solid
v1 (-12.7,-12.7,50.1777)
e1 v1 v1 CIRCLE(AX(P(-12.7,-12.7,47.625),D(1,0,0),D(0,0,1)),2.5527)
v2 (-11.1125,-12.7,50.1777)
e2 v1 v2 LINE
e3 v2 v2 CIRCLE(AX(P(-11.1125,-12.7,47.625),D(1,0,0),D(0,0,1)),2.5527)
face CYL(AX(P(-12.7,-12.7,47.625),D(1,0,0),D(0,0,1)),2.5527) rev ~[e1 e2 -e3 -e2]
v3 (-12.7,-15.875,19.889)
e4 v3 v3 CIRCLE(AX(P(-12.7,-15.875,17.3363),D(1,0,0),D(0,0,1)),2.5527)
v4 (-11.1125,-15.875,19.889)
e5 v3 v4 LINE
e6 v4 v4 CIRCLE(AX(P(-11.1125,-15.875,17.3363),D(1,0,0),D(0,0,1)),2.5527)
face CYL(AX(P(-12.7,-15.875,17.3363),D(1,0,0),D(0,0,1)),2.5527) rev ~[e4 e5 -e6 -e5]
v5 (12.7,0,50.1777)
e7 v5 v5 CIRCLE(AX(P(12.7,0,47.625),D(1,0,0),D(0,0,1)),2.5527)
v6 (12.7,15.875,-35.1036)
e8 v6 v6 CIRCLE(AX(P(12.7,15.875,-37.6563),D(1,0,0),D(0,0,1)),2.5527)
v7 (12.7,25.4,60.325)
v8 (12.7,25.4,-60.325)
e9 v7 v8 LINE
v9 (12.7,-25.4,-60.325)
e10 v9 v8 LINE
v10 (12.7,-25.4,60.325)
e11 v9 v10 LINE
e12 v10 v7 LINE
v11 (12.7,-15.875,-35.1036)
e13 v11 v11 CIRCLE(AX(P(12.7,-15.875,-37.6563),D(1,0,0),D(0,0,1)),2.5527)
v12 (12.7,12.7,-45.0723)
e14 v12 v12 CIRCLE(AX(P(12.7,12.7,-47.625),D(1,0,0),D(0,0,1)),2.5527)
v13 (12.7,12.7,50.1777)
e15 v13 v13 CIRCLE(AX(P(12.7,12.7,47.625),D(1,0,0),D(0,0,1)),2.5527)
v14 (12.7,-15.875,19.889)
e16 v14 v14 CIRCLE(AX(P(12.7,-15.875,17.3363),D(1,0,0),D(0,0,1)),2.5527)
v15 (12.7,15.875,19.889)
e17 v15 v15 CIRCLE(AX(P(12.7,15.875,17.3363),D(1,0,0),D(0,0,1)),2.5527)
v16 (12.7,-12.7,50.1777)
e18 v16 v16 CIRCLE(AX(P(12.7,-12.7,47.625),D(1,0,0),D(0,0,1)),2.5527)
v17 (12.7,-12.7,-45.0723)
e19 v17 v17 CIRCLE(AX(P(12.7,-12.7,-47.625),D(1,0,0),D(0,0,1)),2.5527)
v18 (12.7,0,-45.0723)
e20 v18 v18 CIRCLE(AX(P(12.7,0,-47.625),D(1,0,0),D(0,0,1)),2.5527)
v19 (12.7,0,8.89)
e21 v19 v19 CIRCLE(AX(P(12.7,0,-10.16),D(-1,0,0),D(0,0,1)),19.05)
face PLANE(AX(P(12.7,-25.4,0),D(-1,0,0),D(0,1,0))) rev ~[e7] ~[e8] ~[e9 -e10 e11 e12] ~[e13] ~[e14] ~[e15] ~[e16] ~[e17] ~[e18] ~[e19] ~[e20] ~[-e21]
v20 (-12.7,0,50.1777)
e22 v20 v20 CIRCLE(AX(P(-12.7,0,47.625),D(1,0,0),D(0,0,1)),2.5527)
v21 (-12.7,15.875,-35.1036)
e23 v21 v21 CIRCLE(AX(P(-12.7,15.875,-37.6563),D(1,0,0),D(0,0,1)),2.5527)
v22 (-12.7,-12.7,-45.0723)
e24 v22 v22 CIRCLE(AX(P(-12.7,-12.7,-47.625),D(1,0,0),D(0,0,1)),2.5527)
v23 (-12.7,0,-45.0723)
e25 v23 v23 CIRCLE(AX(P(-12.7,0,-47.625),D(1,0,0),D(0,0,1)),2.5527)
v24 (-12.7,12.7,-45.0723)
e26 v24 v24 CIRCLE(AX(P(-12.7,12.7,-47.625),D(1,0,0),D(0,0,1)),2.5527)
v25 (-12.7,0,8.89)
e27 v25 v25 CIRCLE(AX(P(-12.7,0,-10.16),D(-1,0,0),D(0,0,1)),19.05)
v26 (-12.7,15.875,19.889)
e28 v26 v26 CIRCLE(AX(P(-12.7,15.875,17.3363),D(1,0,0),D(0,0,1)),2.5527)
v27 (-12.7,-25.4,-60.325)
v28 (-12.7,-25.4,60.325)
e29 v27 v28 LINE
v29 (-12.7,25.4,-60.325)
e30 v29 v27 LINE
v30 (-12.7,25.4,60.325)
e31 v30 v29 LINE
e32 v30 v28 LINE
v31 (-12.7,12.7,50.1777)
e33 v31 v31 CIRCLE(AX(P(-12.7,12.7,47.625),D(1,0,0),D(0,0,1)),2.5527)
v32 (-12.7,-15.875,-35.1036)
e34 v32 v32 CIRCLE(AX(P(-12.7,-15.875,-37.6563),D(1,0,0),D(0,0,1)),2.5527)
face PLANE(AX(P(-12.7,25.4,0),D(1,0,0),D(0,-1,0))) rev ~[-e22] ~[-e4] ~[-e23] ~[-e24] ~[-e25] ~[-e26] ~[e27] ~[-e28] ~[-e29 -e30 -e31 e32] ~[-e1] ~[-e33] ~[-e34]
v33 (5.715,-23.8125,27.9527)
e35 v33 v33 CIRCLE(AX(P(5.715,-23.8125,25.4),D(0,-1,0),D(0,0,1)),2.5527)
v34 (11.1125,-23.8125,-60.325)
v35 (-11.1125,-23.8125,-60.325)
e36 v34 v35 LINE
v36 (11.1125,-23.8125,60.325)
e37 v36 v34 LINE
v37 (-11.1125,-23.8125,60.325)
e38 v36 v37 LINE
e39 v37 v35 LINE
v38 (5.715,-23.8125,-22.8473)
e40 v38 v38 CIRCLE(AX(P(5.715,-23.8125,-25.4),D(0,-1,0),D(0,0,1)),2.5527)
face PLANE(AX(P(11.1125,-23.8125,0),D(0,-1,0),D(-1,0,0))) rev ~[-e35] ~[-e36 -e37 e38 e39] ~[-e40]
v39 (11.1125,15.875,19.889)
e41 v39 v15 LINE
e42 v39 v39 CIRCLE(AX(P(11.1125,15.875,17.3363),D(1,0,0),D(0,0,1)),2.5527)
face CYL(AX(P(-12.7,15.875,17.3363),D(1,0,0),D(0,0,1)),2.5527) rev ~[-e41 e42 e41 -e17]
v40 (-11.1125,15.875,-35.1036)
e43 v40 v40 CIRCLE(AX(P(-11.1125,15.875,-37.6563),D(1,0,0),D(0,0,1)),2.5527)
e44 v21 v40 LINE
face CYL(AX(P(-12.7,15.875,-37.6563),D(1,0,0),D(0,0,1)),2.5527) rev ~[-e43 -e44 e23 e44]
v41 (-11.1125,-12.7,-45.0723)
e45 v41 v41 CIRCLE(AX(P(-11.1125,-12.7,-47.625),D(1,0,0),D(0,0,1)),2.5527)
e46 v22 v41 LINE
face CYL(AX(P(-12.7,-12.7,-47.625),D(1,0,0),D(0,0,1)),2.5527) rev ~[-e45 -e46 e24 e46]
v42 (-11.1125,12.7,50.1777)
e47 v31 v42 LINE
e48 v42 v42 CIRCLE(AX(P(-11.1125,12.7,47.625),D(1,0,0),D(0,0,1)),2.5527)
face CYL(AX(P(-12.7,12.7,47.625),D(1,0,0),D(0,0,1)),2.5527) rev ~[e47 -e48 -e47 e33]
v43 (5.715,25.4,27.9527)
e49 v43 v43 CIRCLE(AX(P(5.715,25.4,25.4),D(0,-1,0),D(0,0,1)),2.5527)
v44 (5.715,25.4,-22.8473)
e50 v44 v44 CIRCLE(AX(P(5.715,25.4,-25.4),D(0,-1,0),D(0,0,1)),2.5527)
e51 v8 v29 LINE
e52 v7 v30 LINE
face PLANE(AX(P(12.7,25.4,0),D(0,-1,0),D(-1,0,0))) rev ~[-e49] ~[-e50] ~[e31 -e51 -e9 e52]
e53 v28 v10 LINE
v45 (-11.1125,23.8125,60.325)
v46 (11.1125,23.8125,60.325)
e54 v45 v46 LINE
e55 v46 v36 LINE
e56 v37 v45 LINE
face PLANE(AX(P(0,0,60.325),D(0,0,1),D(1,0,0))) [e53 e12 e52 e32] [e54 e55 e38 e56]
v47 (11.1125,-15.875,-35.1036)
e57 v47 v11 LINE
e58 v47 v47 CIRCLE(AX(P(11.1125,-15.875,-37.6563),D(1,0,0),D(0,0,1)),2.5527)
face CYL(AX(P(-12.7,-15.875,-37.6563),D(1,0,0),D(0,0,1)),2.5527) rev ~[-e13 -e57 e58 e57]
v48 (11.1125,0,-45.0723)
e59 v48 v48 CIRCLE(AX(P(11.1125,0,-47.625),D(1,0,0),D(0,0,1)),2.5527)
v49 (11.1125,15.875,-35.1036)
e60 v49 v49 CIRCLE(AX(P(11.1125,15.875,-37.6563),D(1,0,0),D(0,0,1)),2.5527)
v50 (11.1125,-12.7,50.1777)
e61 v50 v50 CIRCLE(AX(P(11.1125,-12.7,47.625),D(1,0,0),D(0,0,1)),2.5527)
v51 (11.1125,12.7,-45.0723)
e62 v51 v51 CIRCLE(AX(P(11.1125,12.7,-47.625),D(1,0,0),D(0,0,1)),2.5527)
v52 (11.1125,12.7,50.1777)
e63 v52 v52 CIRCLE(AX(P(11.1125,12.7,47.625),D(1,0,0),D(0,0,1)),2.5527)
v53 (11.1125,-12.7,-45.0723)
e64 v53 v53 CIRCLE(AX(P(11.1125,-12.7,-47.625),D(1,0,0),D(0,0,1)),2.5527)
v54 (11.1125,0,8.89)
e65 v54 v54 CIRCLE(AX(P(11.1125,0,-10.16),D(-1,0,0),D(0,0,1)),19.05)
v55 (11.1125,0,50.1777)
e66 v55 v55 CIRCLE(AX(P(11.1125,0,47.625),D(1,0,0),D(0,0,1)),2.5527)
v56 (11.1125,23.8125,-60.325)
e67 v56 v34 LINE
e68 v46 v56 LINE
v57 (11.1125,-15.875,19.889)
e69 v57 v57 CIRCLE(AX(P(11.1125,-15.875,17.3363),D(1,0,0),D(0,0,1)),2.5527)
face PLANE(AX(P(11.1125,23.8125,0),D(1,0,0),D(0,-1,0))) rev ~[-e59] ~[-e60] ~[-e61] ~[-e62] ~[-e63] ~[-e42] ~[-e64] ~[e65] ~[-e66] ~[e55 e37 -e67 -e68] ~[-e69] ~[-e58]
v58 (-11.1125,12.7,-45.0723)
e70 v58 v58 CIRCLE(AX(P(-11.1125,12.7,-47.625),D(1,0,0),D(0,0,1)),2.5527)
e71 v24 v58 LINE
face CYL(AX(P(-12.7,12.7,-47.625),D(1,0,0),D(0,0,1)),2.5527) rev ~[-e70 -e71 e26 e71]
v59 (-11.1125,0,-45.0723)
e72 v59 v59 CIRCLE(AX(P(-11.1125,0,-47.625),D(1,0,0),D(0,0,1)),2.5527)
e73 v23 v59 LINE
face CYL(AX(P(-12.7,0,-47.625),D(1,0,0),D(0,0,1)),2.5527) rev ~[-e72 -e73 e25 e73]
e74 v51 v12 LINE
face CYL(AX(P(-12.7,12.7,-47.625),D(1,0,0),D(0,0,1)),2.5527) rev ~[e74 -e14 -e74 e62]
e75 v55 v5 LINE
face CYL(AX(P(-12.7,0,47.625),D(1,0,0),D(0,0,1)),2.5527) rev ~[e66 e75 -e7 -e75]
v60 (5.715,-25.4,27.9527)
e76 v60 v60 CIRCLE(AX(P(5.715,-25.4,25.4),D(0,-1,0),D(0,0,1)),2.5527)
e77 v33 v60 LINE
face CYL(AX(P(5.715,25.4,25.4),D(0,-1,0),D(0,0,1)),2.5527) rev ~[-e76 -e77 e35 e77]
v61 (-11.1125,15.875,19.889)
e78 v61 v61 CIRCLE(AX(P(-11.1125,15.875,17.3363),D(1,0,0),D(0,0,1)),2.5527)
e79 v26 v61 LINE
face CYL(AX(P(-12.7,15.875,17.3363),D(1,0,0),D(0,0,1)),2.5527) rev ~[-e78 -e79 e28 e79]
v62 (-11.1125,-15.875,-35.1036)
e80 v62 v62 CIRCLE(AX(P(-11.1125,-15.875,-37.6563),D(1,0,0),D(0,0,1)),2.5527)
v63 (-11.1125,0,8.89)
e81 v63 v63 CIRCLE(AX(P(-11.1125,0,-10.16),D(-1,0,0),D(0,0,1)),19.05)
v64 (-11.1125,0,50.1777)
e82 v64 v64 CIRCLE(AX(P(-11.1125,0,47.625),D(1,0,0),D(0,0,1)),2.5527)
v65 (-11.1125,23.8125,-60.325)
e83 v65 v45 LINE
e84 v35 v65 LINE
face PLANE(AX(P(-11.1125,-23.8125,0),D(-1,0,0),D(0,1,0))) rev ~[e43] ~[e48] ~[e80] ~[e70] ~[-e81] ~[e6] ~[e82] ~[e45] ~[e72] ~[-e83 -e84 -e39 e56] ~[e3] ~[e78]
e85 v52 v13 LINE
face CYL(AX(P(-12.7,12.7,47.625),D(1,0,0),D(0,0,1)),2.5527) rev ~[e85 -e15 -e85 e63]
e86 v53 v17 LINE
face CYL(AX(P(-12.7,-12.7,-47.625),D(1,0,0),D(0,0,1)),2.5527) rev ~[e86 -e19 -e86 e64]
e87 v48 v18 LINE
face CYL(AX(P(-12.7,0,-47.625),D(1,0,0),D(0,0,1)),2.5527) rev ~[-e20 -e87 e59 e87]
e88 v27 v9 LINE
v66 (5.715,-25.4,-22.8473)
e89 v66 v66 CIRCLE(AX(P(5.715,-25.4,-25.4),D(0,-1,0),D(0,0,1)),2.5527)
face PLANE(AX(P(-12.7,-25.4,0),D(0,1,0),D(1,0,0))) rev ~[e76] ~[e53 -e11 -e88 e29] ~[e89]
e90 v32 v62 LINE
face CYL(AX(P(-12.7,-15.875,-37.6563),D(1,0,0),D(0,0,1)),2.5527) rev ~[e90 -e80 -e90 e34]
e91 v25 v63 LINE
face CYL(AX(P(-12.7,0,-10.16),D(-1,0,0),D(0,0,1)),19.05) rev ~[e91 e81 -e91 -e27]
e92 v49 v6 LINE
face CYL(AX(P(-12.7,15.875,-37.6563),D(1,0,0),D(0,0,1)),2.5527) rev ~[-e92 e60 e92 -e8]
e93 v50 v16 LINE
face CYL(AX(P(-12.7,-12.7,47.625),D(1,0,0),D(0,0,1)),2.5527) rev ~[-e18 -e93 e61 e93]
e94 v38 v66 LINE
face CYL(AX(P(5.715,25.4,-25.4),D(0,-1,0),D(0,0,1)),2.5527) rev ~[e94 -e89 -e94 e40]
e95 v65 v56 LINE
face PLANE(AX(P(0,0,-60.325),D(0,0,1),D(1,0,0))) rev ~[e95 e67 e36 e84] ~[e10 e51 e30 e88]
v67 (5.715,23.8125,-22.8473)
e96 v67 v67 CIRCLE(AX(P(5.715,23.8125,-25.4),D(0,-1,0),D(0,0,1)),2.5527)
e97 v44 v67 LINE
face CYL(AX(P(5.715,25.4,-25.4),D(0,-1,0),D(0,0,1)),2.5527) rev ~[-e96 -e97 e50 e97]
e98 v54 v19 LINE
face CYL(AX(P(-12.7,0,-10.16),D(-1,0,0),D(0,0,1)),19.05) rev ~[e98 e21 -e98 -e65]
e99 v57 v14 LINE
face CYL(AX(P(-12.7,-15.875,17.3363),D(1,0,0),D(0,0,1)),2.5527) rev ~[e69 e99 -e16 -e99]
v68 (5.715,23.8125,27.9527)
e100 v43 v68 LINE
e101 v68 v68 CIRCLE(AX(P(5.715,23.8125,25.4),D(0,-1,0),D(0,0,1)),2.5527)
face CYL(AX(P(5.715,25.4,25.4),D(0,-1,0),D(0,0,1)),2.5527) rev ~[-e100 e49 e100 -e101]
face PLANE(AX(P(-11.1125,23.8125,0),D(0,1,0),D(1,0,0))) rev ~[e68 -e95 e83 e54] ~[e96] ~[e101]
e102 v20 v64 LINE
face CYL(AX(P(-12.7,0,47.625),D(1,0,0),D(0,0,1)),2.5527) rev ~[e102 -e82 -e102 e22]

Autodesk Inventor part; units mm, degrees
ref_plane "YZ Plane" through (0, 0, 0) normal (1, 0, 0) x (0, 1, 0)
ref_plane "XZ Plane" through (0, 0, 0) normal (0, 1, 0) x (-1, 0, 0)
ref_plane "XY Plane" through (0, 0, 0) normal (0, 0, 1) x (1, 0, 0)
sketch "Sketch1" plane through (0, 0, 0) normal (0, 0, 1) x (1, 0, 0)
  line L0 (-12.7, -25.4) -> (12.7, -25.4)
  line L1 (12.7, -25.4) -> (12.7, 25.4)
  line L2 (12.7, 25.4) -> (-12.7, 25.4)
  line L3 (-12.7, 25.4) -> (-12.7, -25.4)
  line L4 (-12.7, -25.4) -> (12.7, 25.4) construction
  line L5 (12.7, -25.4) -> (-12.7, 25.4) construction
  line L6 (-11.1125, 23.8125) -> (11.1125, 23.8125)
  line L7 (11.1125, 23.8125) -> (11.1125, -23.8125)
  line L8 (11.1125, -23.8125) -> (-11.1125, -23.8125)
  line L9 (-11.1125, -23.8125) -> (-11.1125, 23.8125)
  point P0 (0, 0)
  dimension "width" = 25.4
  dimension "height" = 50.8
  dimension "thickness" = 1.5875
extrude "Extrusion1" add sketch "Sketch1" along normal mid plane 120.65
sketch "Sketch2" plane through (-12.7, -25.4, 60.325) normal (-1, 0, 0) x (0, 0, 1)
  circle A0 centre (-70.485, 25.4) radius 31.75 construction
  line L0 (-120.65, 0) -> (-120.65, 50.8) projected
  line L1 (-60.325, 50.8) -> (-60.325, 0) construction
  line L2 (0, 0) -> (-120.65, 0) construction
  line L3 (-120.65, 50.8) -> (0, 50.8) construction
  circle A1 centre (-70.485, 25.4) radius 19.05
  point P0 (-107.95, 38.1)
  point P1 (-107.95, 25.4)
  point P2 (-107.95, 12.7)
  point P3 (-12.7, 38.1)
  point P4 (-12.7, 25.4)
  point P5 (-12.7, 12.7)
  point P6 (-70.485, 57.15)
  point P7 (-60.325, 25.4)
  point P8 (-97.9813, 41.275)
  point P9 (-97.9813, 9.525)
  point P10 (-70.485, -6.35)
  point P11 (-42.9887, 9.525)
  point P12 (-42.9887, 41.275)
  dimension "d5" = 63.5
  dimension "d17" = 12.7
  dimension "d18" = 12.7
  dimension "d19" = 12.7
  dimension "d23" = 10.16
  dimension "d26" = 360
  dimension "d28" = 38.1
hole "Hole1" at (-12.7, 12.7, -47.625) at (-12.7, 0, -47.625) at (-12.7, -12.7, -47.625) at (-12.7, -12.7, 47.625) at (-12.7, 0, 47.625) at (-12.7, 12.7, 47.625) at (-12.7, 15.875, 17.3363) at (-12.7, -15.875, 17.3363) at (-12.7, -15.875, -37.6563) at (-12.7, 15.875, -37.6563) direction (1, 0, 0) diameter 5.1054 end through all clearance for "Flat Head Machine Screw (82)" size "#10" standard "Ansi Unified Screw Threads"
extrude "Extrusion3" cut sketch "Sketch2" against normal through all
sketch "Sketch4" plane through (-12.7, 25.4, 60.325) normal (0, 1, 0) x (1, 0, 0)
  line L0 (18.415, 34.925) -> (18.415, 85.725) construction
  line L1 (25.4, 0) -> (0, 0) construction
  line L2 (0, 120.65) -> (0, 0) construction
  point P0 (18.415, 60.325)
  point P1 (12.7, 0)
  point P2 (0, 60.325)
  dimension "d41" = 50.8
  dimension "d42" = 18.415
hole "Hole2" at (5.715, 25.4, -25.4) at (5.715, 25.4, 25.4) direction (0, -1, 0) diameter 5.1054 end through all clearance for "Flat Head Machine Screw (82)" size "#10" standard "Ansi Unified Screw Threads"
properties part number "GP5-001" material "Aluminum 6061"
